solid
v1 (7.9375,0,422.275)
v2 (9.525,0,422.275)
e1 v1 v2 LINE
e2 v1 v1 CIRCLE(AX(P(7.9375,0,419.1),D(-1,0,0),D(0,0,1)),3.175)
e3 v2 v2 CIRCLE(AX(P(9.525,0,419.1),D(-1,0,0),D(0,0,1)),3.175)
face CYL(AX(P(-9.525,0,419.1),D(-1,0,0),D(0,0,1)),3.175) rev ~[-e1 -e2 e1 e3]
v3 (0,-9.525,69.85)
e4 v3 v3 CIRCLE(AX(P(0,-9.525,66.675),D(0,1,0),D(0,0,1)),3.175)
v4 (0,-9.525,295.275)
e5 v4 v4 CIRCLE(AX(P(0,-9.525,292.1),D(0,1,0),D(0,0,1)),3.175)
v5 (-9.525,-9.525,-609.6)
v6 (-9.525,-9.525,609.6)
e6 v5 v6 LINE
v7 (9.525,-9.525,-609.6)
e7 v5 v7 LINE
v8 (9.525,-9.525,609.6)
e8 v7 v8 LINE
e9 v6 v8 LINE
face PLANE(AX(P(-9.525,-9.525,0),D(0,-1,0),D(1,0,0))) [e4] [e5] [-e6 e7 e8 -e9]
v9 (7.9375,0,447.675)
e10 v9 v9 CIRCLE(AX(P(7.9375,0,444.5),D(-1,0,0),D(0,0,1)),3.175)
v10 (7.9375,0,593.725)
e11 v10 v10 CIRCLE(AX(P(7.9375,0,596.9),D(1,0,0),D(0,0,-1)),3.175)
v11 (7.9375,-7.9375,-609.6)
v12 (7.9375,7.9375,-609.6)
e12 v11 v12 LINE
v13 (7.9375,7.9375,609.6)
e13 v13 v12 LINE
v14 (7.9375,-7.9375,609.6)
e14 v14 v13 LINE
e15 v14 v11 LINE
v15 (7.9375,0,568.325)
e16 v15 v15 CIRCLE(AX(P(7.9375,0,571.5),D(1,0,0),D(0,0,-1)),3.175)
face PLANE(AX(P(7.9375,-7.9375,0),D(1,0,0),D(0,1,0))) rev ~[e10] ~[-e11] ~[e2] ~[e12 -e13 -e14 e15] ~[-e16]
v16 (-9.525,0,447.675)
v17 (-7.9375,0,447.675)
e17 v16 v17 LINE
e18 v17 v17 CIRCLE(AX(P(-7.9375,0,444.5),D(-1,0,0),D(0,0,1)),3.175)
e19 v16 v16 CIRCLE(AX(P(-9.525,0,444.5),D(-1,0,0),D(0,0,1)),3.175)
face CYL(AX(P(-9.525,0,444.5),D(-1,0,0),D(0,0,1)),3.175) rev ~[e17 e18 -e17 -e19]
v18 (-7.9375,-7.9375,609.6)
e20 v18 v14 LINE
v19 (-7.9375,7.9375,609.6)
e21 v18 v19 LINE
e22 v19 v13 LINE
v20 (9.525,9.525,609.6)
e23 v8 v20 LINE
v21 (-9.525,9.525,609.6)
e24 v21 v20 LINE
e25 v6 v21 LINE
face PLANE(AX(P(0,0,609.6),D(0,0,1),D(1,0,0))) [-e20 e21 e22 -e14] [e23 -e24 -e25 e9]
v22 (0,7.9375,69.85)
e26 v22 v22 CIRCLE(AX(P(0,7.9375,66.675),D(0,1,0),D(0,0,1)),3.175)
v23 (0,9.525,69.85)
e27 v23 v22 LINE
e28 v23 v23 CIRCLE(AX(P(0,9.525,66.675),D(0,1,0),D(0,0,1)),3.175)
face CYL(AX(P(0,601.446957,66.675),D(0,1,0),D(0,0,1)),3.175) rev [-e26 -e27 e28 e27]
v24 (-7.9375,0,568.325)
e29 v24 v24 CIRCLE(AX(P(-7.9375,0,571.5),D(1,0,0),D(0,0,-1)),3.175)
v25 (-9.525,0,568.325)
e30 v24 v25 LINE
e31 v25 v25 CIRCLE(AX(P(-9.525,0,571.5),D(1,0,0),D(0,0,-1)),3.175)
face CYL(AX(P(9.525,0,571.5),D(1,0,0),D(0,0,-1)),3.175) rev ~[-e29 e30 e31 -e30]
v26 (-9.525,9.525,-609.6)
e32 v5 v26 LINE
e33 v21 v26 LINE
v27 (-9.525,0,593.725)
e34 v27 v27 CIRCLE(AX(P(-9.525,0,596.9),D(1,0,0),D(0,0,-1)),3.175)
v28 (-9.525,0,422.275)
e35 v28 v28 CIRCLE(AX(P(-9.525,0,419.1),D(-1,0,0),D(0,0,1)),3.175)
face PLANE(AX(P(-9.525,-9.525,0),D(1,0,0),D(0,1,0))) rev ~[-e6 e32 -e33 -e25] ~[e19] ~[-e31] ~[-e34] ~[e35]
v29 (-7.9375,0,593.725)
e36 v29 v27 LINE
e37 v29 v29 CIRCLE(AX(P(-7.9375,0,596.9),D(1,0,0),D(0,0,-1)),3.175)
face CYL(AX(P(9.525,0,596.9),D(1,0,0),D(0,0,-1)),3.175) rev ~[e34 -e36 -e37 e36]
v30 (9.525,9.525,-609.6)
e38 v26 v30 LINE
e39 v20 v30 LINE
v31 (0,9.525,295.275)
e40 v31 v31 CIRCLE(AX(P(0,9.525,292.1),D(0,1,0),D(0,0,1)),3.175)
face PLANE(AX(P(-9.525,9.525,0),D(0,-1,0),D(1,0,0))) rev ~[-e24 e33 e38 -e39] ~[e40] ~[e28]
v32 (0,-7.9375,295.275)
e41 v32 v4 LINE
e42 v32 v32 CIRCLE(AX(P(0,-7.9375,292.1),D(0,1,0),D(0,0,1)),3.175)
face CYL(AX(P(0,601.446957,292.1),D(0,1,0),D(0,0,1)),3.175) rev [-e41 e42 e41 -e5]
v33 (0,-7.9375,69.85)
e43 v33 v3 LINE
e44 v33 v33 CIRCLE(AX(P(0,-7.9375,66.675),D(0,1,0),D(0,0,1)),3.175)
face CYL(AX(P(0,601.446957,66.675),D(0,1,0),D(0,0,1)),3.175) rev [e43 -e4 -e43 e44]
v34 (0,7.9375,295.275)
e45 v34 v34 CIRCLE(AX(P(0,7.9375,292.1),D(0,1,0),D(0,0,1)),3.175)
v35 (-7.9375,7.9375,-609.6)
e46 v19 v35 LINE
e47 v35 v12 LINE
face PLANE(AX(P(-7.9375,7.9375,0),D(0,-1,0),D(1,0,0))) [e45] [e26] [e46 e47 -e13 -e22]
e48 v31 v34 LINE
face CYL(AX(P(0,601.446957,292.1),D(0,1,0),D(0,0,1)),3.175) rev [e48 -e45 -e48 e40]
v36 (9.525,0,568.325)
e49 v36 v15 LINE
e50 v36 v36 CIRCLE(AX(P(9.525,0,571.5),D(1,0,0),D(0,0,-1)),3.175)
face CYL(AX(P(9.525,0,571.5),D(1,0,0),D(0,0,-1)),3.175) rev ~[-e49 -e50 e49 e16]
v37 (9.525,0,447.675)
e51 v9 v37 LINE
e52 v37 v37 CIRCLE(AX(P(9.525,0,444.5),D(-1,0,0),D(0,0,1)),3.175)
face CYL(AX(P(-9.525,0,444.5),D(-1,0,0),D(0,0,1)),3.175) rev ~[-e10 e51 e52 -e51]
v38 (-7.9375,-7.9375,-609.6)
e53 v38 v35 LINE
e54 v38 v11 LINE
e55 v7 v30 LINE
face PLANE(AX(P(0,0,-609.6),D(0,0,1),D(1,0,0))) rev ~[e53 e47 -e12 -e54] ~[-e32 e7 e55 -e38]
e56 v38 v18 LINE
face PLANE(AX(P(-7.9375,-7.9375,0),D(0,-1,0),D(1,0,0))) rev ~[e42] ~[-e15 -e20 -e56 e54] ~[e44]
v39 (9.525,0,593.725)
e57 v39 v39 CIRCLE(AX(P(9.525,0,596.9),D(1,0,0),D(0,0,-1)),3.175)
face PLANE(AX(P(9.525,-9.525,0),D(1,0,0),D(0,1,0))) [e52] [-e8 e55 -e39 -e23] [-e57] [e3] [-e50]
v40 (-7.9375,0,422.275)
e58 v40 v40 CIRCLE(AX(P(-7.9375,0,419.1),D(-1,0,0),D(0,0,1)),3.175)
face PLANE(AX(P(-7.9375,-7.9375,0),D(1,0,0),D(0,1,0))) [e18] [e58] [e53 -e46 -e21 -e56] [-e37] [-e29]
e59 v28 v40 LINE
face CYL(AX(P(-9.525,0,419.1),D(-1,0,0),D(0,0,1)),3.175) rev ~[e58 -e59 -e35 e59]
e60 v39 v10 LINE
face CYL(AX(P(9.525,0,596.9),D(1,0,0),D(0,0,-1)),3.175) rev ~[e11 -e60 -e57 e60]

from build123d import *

# Parameters (mm, degrees)
SKETCH1_W               = 19.05
SKETCH1_H               = 19.05
SKETCH1_W_2             = 15.875
SKETCH1_H_2             = 15.875
BOSS_EXTRUDE1_DEPTH     = 609.6
SKETCH3_R               = 3.175
CUT_EXTRUDE1_DEPTH      = 610.971956835
SKETCH4_R               = 3.175
CUT_EXTRUDE2_DEPTH      = 610.971956835
CUT_EXTRUDE4_DEPTH      = 610.971956835
CUT_EXTRUDE4_DEPTH_BACK = 610.971956835
SKETCH7_R               = 3.175


with BuildPart() as part:
    # Sketch1 → Boss-Extrude1 (new, symmetric)
    with BuildSketch(Plane.XY):
        Rectangle(SKETCH1_W, SKETCH1_H)
        Rectangle(SKETCH1_W_2, SKETCH1_H_2, mode=Mode.SUBTRACT)
    extrude(amount=BOSS_EXTRUDE1_DEPTH, both=True)

    # Sketch3 → Cut-Extrude1 (cut, through all)
    with BuildSketch(Plane(origin=(9.525, 0, 0), x_dir=(0, 0, -1), z_dir=(1, 0, 0))):
        with Locations((-571.5, 0)):
            Circle(SKETCH3_R)
        with Locations((-596.9, 0)):
            Circle(SKETCH3_R)
    extrude(amount=-CUT_EXTRUDE1_DEPTH, mode=Mode.SUBTRACT)

    # Sketch4 → Cut-Extrude2 (cut, through all)
    with BuildSketch(Plane.ZY.offset(9.525)):
        with Locations((444.5, 0)):
            Circle(SKETCH4_R)
        with Locations((419.1, 0)):
            Circle(SKETCH4_R)
    extrude(amount=-CUT_EXTRUDE2_DEPTH, mode=Mode.SUBTRACT)

    # Sketch7 → Cut-Extrude4 (cut, two sides: drawn at the far end of the back side and taken through both)
    with BuildSketch(Plane.XZ.offset(9.525).offset(-CUT_EXTRUDE4_DEPTH_BACK)):
        with Locations(Location((0, 292.1, 0), (0, 0, 90))):
            Circle(SKETCH7_R)
        with Locations(Location((0, 66.675, 0), (0, 0, 90))):
            Circle(SKETCH7_R)
    extrude(amount=CUT_EXTRUDE4_DEPTH + CUT_EXTRUDE4_DEPTH_BACK, mode=Mode.SUBTRACT)


solid = part.part
